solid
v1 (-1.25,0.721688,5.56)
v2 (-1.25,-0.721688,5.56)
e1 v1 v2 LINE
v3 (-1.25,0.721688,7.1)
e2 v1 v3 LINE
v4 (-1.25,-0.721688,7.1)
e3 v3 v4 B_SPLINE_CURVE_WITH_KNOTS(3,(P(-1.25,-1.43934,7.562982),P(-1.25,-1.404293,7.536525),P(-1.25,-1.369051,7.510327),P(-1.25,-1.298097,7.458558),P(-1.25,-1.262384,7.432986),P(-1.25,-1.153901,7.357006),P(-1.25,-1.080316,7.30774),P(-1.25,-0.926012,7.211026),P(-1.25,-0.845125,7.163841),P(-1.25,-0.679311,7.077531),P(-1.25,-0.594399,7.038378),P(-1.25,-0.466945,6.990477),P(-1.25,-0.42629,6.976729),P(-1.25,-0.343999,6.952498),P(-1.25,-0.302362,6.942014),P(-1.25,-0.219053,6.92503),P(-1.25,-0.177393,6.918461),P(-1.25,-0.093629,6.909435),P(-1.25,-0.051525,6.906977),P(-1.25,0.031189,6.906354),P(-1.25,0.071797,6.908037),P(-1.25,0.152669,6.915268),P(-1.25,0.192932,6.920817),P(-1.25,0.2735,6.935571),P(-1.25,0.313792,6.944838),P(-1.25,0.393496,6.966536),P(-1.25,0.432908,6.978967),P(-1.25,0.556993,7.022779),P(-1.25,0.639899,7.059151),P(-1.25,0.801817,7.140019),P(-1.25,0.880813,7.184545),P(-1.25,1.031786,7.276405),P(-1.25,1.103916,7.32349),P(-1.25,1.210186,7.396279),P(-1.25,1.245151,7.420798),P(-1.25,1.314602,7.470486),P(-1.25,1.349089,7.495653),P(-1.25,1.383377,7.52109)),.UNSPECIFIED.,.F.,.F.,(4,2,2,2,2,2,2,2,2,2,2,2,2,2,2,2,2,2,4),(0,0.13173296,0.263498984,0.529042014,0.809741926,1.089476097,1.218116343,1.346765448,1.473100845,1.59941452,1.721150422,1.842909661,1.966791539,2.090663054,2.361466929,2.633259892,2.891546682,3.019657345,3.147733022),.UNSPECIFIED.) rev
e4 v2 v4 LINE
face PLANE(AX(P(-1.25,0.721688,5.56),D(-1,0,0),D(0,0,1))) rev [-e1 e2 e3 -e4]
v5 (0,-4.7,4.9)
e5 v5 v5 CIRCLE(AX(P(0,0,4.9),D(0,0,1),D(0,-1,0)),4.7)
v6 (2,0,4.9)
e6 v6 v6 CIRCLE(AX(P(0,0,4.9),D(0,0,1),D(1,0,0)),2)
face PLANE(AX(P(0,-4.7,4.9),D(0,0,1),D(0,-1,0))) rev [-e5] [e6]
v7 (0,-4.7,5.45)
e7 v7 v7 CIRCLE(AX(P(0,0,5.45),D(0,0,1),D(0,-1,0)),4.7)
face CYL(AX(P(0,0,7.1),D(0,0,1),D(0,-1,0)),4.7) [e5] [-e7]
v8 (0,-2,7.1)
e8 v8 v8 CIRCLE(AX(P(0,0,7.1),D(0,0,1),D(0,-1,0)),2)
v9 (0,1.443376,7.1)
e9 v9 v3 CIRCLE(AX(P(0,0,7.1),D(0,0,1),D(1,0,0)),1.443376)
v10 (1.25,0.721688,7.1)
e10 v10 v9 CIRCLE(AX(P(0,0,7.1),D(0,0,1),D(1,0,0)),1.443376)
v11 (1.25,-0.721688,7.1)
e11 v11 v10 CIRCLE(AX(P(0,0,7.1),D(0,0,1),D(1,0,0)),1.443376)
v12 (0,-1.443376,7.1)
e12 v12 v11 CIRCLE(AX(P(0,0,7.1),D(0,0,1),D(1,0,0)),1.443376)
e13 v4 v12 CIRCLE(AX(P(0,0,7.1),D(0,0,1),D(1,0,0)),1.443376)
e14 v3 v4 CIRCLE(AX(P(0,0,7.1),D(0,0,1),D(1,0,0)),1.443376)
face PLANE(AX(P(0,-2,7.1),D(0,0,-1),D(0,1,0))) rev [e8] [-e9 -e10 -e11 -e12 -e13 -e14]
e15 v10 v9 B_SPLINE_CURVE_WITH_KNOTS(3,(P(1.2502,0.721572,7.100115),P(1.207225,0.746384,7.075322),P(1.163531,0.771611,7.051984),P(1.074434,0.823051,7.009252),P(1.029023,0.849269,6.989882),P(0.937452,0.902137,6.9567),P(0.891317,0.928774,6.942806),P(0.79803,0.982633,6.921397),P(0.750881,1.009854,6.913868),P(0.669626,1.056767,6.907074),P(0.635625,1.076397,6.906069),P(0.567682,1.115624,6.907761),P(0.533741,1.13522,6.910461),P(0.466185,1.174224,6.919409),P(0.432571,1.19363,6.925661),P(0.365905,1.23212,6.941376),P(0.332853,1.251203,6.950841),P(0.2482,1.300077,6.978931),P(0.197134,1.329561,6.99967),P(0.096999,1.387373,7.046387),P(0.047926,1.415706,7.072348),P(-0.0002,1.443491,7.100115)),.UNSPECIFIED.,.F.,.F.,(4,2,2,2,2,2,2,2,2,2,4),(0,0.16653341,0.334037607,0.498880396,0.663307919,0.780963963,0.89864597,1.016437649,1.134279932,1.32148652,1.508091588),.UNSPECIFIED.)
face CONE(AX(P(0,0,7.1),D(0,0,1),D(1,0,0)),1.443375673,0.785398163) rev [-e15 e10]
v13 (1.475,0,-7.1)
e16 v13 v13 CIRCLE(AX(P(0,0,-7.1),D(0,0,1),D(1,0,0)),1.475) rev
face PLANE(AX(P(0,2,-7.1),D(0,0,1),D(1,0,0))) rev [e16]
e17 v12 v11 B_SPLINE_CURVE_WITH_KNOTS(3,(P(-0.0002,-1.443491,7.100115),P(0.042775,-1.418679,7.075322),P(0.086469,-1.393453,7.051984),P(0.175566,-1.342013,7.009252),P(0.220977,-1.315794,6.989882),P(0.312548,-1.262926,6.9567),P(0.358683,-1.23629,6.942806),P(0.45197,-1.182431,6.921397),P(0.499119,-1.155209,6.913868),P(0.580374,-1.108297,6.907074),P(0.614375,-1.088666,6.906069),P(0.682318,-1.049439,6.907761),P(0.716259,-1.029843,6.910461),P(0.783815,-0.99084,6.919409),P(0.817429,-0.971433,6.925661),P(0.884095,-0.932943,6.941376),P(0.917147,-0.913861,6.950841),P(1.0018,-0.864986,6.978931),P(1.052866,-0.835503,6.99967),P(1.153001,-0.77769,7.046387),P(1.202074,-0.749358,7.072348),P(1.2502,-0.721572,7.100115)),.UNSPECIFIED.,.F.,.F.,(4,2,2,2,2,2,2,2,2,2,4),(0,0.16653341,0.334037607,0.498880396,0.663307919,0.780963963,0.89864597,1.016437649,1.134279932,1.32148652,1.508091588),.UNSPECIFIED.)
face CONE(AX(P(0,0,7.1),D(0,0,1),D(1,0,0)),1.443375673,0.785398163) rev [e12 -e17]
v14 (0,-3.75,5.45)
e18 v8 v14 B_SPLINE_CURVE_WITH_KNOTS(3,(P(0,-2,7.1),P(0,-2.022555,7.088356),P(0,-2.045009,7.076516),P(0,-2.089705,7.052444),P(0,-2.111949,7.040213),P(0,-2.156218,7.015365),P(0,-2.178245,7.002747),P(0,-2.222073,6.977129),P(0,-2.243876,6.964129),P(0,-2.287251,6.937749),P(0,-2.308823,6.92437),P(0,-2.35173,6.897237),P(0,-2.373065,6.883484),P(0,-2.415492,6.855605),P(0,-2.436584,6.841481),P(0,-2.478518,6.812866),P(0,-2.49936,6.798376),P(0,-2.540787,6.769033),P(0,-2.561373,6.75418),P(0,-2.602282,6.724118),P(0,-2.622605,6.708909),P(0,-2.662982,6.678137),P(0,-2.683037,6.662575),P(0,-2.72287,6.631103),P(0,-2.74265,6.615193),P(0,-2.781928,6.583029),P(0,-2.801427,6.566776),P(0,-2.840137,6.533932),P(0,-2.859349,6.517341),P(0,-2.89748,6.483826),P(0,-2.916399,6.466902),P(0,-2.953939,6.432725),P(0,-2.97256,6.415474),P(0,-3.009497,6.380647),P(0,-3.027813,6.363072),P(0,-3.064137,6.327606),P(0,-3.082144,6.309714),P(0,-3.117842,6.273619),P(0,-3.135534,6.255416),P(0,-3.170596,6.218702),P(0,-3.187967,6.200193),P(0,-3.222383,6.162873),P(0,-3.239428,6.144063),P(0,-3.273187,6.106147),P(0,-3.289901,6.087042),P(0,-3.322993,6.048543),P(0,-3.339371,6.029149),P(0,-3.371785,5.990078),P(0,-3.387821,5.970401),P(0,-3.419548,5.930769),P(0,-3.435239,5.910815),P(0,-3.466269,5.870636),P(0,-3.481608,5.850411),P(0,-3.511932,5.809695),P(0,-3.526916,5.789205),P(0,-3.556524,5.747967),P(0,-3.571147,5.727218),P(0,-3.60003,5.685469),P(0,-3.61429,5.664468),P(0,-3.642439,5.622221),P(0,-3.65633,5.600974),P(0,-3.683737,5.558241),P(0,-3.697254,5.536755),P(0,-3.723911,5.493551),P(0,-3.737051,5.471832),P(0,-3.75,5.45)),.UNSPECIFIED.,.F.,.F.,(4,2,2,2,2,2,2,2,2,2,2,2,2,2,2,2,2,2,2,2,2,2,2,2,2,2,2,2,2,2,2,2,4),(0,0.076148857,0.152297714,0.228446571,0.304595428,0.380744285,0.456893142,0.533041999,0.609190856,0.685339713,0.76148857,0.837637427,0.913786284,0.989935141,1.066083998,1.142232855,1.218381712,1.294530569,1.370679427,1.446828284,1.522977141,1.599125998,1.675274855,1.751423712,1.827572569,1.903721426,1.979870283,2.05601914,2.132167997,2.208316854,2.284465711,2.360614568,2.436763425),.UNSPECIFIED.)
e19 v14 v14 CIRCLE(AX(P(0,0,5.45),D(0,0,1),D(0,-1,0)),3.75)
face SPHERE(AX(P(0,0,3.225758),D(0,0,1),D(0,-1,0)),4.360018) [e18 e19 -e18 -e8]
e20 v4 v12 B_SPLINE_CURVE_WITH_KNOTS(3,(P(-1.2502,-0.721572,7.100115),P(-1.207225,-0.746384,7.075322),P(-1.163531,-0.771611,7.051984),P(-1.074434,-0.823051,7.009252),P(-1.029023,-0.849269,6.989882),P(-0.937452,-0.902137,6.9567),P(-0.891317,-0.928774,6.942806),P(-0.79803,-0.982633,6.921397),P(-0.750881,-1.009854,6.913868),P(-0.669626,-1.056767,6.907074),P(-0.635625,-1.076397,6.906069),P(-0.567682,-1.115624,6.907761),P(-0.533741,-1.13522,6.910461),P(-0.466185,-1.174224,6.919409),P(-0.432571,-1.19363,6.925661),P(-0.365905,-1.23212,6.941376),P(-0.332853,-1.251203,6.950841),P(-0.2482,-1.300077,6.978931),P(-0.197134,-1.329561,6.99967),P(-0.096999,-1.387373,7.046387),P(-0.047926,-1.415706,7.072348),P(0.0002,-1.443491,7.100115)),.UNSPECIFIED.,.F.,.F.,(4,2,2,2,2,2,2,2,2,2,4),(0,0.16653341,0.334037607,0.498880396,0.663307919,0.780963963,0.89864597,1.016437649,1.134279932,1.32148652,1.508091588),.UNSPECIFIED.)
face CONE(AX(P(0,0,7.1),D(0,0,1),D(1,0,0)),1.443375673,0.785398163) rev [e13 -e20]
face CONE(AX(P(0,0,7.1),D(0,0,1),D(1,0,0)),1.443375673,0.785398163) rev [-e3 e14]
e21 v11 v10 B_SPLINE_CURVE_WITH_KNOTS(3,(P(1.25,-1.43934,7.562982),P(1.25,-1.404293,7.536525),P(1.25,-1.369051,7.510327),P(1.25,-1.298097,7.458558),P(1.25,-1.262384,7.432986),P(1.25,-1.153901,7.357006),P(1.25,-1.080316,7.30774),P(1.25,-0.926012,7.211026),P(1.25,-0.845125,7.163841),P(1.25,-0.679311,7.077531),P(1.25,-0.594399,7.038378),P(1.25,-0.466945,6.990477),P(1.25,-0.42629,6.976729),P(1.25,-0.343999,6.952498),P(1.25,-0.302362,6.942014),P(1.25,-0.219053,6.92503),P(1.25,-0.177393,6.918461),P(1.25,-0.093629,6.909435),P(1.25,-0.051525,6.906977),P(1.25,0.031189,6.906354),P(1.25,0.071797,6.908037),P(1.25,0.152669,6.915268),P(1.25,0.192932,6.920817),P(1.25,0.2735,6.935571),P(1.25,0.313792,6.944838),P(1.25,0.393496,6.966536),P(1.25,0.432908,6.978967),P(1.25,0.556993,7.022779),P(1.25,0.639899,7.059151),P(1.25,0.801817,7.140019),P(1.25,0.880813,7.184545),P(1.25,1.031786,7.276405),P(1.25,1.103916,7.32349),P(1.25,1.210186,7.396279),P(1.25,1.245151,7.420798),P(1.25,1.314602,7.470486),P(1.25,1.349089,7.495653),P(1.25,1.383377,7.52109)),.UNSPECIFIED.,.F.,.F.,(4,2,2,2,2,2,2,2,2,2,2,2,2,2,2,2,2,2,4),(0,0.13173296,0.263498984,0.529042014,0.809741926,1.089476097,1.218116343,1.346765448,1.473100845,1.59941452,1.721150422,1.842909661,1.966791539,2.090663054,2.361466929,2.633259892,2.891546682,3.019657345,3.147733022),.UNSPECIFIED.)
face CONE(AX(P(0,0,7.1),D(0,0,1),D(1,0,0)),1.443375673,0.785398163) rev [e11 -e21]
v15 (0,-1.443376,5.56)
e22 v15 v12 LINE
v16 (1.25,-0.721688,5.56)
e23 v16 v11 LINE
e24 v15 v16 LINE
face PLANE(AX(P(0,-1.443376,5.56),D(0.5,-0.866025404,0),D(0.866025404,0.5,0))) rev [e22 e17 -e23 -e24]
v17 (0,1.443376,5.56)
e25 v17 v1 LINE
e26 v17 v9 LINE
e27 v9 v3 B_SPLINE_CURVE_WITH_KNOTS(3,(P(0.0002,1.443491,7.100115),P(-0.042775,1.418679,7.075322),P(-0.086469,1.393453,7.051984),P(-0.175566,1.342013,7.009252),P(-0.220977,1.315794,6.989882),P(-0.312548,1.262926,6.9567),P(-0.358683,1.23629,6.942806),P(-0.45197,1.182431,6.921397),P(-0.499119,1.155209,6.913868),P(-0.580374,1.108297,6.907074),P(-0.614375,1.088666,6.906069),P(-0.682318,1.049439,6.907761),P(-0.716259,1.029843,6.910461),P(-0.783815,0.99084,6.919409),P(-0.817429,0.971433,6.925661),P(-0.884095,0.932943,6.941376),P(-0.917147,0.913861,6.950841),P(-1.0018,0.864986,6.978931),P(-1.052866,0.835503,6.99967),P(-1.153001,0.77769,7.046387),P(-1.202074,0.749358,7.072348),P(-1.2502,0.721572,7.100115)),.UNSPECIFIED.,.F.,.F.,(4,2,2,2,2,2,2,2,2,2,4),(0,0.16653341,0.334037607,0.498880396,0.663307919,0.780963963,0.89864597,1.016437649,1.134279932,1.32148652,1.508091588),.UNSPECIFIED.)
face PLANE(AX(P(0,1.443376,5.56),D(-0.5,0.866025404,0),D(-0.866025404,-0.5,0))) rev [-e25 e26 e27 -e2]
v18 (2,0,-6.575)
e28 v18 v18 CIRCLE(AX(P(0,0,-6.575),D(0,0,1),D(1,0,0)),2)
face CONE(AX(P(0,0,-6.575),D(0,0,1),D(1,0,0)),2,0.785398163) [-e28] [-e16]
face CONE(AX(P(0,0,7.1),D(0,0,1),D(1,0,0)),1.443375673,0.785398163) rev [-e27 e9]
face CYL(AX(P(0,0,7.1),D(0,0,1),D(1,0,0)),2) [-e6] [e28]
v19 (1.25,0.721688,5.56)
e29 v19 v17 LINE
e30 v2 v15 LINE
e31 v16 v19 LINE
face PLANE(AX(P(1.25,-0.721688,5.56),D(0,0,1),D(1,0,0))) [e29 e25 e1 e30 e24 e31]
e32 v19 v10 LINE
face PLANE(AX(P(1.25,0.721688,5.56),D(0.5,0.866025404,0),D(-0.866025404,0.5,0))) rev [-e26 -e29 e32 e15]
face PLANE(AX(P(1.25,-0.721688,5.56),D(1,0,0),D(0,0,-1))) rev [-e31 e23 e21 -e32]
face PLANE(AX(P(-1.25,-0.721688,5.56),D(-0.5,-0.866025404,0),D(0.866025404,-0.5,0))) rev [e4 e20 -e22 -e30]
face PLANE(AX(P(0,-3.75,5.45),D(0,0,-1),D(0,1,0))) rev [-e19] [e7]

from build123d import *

# Parameters (mm, degrees)
SKETCH13_W         = 12
SKETCH13_H         = 2
CHAMFER1_SIZE      = 0.525
CUT_EXTRUDE2_DEPTH = 1.54


with BuildPart() as part:
    # Sketch13 → Revolve1 (revolve)
    with BuildSketch(Plane(origin=(0, 0, 0), x_dir=(0, 0, -1), z_dir=(1, 0, 0))):
        with Locations((1.1, 1)):
            Rectangle(SKETCH13_W, SKETCH13_H)
    revolve(axis=Axis((0, 0, 7.1), (0, 0, -1)))

    # Chamfer1
    chamfer1_edges = [part.edges().sort_by_distance(p)[0] for p in [
        (0, -2, -7.1),
    ]]
    chamfer(chamfer1_edges, length=CHAMFER1_SIZE)

    # Sketch7 → Revolve2 (revolve)
    with BuildSketch(Plane(origin=(0, 0, 0), x_dir=(0, 0, -1), z_dir=(1, 0, 0))):
        with BuildLine():
            Line((-4.9, 3.75), (-4.9, 0))
            Line((-4.9, 0), (-7.1, 0))
            Line((-7.1, 0), (-7.1, 2))
            ThreePointArc((-7.1, 2), (-6.398060267, 2.991028251), (-5.45, 3.75))
            Line((-5.45, 3.75), (-5.45, 4.7))
            Line((-5.45, 4.7), (-4.9, 4.7))
            Line((-4.9, 4.7), (-4.9, 3.75))
        make_face()
    revolve(axis=Axis((0, 0, 7.1), (0, 0, -1)))

    # Sketch5 → Cut-Extrude2 (cut)
    with BuildSketch(Plane.XY.offset(7.1)):
        Polygon((1.25, -0.721687836), (1.25, 0.721687836), (0, 1.443375673), (-1.25, 0.721687836), (-1.25, -0.721687836), (0, -1.443375673), align=None)
    extrude(amount=-CUT_EXTRUDE2_DEPTH, mode=Mode.SUBTRACT)

    # Cut-Extrude3 cone 1 section (through the dimple's axis) → Cut-Extrude3 (revolve, cut)
    with BuildSketch(Plane(origin=(0, 0, 7.1), x_dir=(0, -1, 0), z_dir=(1, 0, 0))):
        Polygon((0, 0), (1.443375673, 0), (0, 1.443375673), align=None)
    revolve(axis=Axis((0, 0, 7.1), (0, 0, -1)), mode=Mode.SUBTRACT)


solid = part.part
